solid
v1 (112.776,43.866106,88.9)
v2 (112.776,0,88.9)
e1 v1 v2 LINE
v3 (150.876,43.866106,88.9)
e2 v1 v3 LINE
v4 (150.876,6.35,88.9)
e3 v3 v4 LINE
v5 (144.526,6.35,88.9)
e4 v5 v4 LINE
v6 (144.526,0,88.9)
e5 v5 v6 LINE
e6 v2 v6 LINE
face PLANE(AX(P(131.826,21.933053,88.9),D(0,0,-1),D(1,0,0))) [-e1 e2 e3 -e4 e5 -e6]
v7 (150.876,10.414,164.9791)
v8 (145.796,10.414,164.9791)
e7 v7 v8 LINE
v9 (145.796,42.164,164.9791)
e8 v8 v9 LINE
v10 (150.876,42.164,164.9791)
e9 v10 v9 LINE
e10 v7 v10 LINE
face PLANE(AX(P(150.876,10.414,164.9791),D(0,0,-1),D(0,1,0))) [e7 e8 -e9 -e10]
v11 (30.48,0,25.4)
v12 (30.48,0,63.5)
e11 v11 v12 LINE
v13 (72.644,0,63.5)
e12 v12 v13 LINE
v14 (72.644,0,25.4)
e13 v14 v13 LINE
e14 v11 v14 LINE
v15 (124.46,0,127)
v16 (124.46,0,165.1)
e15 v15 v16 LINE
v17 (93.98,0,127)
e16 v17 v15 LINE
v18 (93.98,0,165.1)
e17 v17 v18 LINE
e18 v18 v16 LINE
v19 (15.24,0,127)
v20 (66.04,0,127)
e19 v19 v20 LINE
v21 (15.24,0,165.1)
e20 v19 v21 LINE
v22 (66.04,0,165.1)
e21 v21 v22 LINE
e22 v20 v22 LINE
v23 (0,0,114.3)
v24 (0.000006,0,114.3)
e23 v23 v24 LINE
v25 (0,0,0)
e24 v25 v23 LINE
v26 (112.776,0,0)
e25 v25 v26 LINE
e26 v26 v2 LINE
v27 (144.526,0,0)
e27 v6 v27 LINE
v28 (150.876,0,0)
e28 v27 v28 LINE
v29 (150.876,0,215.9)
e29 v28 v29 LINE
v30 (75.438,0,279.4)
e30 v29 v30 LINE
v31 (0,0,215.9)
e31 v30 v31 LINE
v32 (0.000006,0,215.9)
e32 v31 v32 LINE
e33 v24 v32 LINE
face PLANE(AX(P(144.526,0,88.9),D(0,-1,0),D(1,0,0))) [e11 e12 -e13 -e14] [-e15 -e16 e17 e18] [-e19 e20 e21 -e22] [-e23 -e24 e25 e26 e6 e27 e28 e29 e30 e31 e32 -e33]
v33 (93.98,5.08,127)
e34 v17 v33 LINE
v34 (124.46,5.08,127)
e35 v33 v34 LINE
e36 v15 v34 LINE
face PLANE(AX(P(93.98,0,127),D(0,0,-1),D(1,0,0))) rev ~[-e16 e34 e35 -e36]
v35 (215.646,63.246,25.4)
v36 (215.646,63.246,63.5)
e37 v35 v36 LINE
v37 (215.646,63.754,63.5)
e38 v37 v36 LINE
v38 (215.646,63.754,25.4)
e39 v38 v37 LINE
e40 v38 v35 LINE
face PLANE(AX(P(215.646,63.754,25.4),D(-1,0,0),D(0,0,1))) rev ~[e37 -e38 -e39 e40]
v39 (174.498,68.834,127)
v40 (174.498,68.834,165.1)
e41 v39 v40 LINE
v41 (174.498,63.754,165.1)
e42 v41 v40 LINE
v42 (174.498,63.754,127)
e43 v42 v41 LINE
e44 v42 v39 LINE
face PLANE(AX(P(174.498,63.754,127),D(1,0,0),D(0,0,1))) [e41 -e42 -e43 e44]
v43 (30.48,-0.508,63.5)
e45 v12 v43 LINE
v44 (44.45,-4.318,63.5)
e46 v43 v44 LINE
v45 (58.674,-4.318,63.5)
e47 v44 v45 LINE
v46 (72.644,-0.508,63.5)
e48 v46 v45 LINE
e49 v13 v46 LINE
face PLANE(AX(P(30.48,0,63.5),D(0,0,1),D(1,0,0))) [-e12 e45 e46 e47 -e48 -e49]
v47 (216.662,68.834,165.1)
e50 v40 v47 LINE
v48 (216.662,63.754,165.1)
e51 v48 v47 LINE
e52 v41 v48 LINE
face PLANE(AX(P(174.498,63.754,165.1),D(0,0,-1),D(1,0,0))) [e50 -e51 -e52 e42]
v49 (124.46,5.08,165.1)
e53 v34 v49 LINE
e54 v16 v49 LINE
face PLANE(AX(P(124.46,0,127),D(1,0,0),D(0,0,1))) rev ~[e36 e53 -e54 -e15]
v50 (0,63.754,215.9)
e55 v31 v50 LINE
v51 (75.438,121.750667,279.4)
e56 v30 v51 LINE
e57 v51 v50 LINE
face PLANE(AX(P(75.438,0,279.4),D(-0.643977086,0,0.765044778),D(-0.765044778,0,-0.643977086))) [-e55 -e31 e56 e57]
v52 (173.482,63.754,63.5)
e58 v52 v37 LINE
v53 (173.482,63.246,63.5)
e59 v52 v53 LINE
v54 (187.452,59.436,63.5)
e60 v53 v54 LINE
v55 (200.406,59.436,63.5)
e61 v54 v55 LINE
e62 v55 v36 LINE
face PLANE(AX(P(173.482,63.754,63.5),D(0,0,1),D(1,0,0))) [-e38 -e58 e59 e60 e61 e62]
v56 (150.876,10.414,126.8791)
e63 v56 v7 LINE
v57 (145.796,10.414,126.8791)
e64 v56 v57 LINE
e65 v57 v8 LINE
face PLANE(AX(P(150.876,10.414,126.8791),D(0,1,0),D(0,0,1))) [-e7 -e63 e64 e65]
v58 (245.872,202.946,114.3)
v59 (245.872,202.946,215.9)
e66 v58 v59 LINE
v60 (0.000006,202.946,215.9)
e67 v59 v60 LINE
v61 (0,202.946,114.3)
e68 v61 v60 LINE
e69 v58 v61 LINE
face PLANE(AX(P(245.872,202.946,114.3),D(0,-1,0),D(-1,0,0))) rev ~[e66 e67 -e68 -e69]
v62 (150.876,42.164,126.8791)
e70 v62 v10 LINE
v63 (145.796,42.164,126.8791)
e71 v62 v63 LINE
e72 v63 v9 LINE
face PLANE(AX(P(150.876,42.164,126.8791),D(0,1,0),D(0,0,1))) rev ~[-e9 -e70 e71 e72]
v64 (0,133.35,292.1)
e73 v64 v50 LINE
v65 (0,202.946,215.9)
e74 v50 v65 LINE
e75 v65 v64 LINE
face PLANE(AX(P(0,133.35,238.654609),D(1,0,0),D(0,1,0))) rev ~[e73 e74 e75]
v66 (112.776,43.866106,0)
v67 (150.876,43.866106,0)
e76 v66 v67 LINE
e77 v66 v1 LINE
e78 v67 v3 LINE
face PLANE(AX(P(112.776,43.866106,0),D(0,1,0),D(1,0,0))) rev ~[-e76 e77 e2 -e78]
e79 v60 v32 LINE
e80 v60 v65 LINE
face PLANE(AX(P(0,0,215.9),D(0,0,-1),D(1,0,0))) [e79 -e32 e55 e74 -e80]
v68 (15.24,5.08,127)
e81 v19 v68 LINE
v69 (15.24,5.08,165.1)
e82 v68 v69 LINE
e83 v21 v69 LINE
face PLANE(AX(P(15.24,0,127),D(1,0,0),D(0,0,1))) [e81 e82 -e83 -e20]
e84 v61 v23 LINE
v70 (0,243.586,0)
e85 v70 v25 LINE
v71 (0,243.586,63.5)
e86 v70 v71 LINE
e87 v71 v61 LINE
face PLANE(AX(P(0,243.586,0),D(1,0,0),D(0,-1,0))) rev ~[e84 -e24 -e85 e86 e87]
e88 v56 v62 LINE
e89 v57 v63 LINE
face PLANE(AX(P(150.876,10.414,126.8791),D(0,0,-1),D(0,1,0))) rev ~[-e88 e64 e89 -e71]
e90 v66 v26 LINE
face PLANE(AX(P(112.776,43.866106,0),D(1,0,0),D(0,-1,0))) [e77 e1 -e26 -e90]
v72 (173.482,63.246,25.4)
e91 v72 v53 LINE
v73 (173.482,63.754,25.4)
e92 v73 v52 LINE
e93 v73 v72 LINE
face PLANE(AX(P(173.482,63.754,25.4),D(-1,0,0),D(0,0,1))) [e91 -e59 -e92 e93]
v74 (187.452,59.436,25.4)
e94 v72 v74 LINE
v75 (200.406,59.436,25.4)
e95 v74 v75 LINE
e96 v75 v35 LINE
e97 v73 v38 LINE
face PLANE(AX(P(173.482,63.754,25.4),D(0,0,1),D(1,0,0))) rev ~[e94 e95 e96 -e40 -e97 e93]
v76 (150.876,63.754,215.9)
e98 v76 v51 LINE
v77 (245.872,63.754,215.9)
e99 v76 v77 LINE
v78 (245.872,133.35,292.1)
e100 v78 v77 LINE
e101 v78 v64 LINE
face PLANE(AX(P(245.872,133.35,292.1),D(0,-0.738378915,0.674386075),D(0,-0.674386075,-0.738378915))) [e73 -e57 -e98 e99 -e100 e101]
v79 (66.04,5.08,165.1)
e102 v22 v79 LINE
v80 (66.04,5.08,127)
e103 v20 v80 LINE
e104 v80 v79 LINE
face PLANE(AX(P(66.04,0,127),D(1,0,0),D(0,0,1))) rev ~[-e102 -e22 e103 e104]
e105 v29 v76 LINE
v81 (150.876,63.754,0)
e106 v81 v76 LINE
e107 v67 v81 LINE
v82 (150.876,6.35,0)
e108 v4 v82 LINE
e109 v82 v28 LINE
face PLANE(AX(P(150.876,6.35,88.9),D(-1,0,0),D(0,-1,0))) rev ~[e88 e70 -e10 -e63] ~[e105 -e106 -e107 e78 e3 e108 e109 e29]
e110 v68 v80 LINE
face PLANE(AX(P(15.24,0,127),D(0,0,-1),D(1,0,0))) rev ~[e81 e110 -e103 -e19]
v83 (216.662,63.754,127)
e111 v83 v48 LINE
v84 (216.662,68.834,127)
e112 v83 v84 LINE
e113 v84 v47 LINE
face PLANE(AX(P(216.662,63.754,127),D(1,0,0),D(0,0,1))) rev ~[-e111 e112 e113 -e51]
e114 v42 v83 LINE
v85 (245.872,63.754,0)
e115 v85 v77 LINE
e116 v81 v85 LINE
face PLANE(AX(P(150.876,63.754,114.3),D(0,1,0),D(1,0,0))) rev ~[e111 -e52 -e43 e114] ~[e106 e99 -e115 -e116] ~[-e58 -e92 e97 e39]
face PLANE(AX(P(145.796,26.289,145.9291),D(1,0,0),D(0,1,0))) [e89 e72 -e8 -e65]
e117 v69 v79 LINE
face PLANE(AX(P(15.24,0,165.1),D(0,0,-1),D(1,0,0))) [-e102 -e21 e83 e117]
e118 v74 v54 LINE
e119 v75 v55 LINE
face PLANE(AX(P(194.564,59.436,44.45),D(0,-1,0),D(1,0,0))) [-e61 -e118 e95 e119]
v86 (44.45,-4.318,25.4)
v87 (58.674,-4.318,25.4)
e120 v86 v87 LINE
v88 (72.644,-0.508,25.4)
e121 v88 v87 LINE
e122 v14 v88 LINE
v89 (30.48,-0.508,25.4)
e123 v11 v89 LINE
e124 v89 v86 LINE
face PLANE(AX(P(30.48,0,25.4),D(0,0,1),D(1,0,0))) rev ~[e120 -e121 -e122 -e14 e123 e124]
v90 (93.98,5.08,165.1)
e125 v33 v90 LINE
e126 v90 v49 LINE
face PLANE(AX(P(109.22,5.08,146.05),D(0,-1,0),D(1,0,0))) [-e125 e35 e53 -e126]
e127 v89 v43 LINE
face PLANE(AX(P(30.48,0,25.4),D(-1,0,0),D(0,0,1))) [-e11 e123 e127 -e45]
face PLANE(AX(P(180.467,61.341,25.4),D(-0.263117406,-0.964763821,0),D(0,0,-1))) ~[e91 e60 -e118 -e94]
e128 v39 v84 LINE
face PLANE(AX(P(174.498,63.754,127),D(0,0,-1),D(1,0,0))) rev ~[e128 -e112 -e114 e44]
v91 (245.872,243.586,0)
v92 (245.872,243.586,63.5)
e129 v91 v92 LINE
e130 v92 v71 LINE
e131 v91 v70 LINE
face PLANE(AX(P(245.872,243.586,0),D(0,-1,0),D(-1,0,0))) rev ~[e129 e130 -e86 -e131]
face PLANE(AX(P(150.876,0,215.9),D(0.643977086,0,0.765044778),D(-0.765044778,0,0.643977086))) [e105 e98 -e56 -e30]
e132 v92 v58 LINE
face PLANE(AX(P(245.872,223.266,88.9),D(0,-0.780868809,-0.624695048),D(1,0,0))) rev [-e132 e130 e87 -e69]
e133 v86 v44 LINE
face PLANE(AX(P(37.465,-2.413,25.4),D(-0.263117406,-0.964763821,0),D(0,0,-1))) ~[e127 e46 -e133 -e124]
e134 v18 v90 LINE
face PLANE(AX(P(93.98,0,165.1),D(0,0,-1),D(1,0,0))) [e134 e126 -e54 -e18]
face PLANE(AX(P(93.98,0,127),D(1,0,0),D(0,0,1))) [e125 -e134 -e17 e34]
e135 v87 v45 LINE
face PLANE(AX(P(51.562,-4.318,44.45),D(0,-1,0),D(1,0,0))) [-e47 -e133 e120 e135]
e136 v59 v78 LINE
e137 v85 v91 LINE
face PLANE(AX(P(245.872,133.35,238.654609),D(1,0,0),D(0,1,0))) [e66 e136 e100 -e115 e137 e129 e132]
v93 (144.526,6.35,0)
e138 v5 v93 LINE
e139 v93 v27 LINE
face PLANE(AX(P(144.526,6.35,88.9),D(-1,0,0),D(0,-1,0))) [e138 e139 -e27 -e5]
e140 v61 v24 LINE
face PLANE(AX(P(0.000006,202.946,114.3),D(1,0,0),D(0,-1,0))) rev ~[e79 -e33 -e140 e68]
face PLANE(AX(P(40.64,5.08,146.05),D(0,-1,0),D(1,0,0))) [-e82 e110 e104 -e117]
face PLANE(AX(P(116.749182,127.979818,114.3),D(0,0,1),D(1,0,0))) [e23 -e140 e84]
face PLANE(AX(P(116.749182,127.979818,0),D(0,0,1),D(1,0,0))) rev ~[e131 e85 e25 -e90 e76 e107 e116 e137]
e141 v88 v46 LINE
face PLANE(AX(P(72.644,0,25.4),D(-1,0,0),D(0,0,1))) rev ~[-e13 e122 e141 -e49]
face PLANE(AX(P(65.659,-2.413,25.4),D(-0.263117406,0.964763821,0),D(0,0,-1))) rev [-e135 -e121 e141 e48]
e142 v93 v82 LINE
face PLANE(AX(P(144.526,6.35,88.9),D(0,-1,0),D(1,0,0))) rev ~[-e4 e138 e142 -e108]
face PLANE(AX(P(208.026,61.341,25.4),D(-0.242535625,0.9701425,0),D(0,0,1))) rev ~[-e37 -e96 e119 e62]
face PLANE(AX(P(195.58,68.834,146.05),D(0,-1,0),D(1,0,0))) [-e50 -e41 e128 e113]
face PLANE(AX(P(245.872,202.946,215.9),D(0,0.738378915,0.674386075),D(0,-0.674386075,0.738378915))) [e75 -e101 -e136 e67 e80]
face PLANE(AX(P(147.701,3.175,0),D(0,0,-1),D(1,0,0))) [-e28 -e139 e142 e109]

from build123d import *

# Parameters (mm, degrees)
F0_W      = 3.81
F0_H      = 6.35
F0_W_2    = 91.186
F0_H_2    = 125.476
F0_H_3    = 35.306
F0_W_3    = 52.324
F0_W_4    = 82.042
F0_W_5    = 85.852
F0_H_4    = 42.418
F0_H_5    = 143.002
F0_H_6    = 3.81
F1_DEPTH  = 114.3
F2_SIZE2  = 40.64
F2_SIZE   = 50.8
F4_DEPTH  = 101.6
F6_DEPTH  = 245.872
F8_DEPTH  = 133.35
F9_W      = 38.1
F9_H      = 43.866105608
F10_DEPTH = 88.9
F11_W     = 6.35
F11_H     = 6.35
F12_DEPTH = 88.9
F13_W     = 42.164
F13_H     = 38.1
F14_DEPTH = 4.318
F15_SIZE2 = 3.81
F15_SIZE  = 15.24
F16_SIZE2 = 13.97
F16_SIZE  = 3.81
F17_DEPTH = 5.08
F18_W     = 42.164
F18_H     = 38.1
F19_DEPTH = 4.318
F20_SIZE2 = 13.97
F20_SIZE  = 3.81
F21_SIZE2 = 13.97
F21_SIZE  = 3.81
F18_W_2   = 50.8
F22_DEPTH = 5.08
F18_W_3   = 30.48
F23_DEPTH = 5.08
F24_W     = 31.75
F24_H     = 38.1
F25_DEPTH = 5.08


with BuildPart() as f1:
    # F0 (on Top) → F1 (new body)
    with BuildSketch(Plane.XY):
        Polygon((150.876, 63.754), (245.872, 63.754), (245.872, 243.586), (0, 243.586), (0, 0), (150.876, 0), align=None)
        Polygon((6.35, 201.93), (6.35, 237.236), (88.392, 237.236), (92.202, 237.236), (144.526, 237.236), (148.336, 237.236), (239.522, 237.236), (239.522, 201.93), (239.522, 195.58), (239.522, 70.104), (148.336, 70.104), (144.526, 70.104), (144.526, 6.35), (96.012, 6.35), (92.202, 6.35), (6.35, 6.35), (6.35, 149.352), (6.35, 153.162), (6.35, 195.58), align=None, mode=Mode.SUBTRACT)
        with Locations((146.431, 198.755)):
            Rectangle(F0_W, F0_H)
        with Locations((193.929, 132.842)):
            Rectangle(F0_W_2, F0_H_2)
        with Locations((193.929, 219.583)):
            Rectangle(F0_W_2, F0_H_3)
        with Locations((118.364, 219.583)):
            Rectangle(F0_W_3, F0_H_3)
        with Locations((47.371, 219.583)):
            Rectangle(F0_W_4, F0_H_3)
        with Locations((49.276, 174.371)):
            Rectangle(F0_W_5, F0_H_4)
        Polygon((144.526, 195.58), (96.012, 195.58), (96.012, 6.35), (144.526, 6.35), (144.526, 70.104), align=None)
        with Locations((146.431, 132.842)):
            Rectangle(F0_W, F0_H_2)
        with Locations((49.276, 77.851)):
            Rectangle(F0_W_5, F0_H_5)
        Polygon((96.012, 195.58), (92.202, 195.58), (92.202, 153.162), (92.202, 149.352), (92.202, 6.35), (96.012, 6.35), align=None)
        with Locations((49.276, 151.257)):
            Rectangle(F0_W_5, F0_H_6)
        with Locations((193.929, 198.755)):
            Rectangle(F0_W_2, F0_H)
        Polygon((88.392, 201.93), (6.35, 201.93), (6.35, 195.58), (92.202, 195.58), (96.012, 195.58), (144.526, 195.58), (144.526, 201.93), (92.202, 201.93), align=None)
        with Locations((146.431, 219.583)):
            Rectangle(F0_W, F0_H_3)
        with Locations((90.297, 219.583)):
            Rectangle(F0_W, F0_H_3)
    extrude(amount=F1_DEPTH)

    # F2
    f2_edges = [f1.edges().sort_by_distance(p)[0] for p in [
        (122.936, 243.586, 114.3),
    ]]
    f2_side = f1.faces().sort_by_distance((122.936, 243.586, 57.15))[0]
    chamfer(f2_edges, length=F2_SIZE, length2=F2_SIZE2, reference=f2_side)

    # F3 (on face) → F4 (join)
    with BuildSketch(Plane.XY.offset(114.3)):
        Polygon((5.8203e-06, 0), (150.876, 0), (150.876, 63.754), (245.872, 63.754), (245.872, 202.946), (5.8203e-06, 202.946), align=None)
    extrude(amount=F4_DEPTH)

    # F5 (on face) → F6 (join, through all)
    with BuildSketch(Plane.YZ.offset(245.872)):
        Polygon((133.35, 292.1), (63.754, 215.9), (202.946, 215.9), align=None)
    extrude(amount=-F6_DEPTH)

    # F7 (on face) → F8 (join, through all)
    with BuildSketch(Plane.XZ):
        Polygon((75.438, 279.4), (0, 215.9), (150.876, 215.9), align=None)
    extrude(amount=-F8_DEPTH)

    # F9 (on face) → F10 (cut)
    with BuildSketch(Plane(origin=(0, 0, 0), x_dir=(1, 0, 0), z_dir=(0, 0, -1))):
        with Locations((131.826, -21.933052804)):
            Rectangle(F9_W, F9_H)
    extrude(amount=-F10_DEPTH, mode=Mode.SUBTRACT)

    # F11 (on face) → F12 (join, through all)
    with BuildSketch(Plane(origin=(0, 0, 88.9), x_dir=(1, 0, 0), z_dir=(0, 0, -1))):
        with Locations((147.701, -3.175)):
            Rectangle(F11_W, F11_H)
    extrude(amount=F12_DEPTH)

    # F13 (on face) → F14 (join)
    with BuildSketch(Plane.XZ.offset(-63.754)):
        with Locations((194.564, 44.45)):
            Rectangle(F13_W, F13_H)
    extrude(amount=F14_DEPTH)

    # F15
    f15_edges = [f1.edges().sort_by_distance(p)[0] for p in [
        (215.646, 59.436, 44.45),
    ]]
    f15_side = f1.faces().sort_by_distance((194.564, 59.436, 44.45))[0]
    chamfer(f15_edges, length=F15_SIZE, length2=F15_SIZE2, reference=f15_side)

    # F16
    f16_edges = [f1.edges().sort_by_distance(p)[0] for p in [
        (173.482, 59.436, 44.45),
    ]]
    f16_side = f1.faces().sort_by_distance((173.482, 61.595, 44.45))[0]
    chamfer(f16_edges, length=F16_SIZE, length2=F16_SIZE2, reference=f16_side)

    # F13 (on face) → F17 (cut)
    with BuildSketch(Plane.XZ.offset(-63.754)):
        with Locations((195.58, 146.05)):
            Rectangle(F13_W, F13_H)
    extrude(amount=-F17_DEPTH, mode=Mode.SUBTRACT)

    # F18 (on face) → F19 (join)
    with BuildSketch(Plane.XZ):
        with Locations((51.562, 44.45)):
            Rectangle(F18_W, F18_H)
    extrude(amount=F19_DEPTH)

    # F20
    f20_edges = [f1.edges().sort_by_distance(p)[0] for p in [
        (72.644, -4.318, 44.45),
    ]]
    f20_side = f1.faces().sort_by_distance((72.644, -2.159, 44.45))[0]
    chamfer(f20_edges, length=F20_SIZE, length2=F20_SIZE2, reference=f20_side)

    # F21
    f21_edges = [f1.edges().sort_by_distance(p)[0] for p in [
        (30.48, -4.318, 44.45),
    ]]
    f21_side = f1.faces().sort_by_distance((30.48, -2.159, 44.45))[0]
    chamfer(f21_edges, length=F21_SIZE, length2=F21_SIZE2, reference=f21_side)

    # F18 (on face) → F22 (cut)
    with BuildSketch(Plane.XZ):
        with Locations((40.64, 146.05)):
            Rectangle(F18_W_2, F18_H)
    extrude(amount=-F22_DEPTH, mode=Mode.SUBTRACT)

    # F18 (on face) → F23 (cut)
    with BuildSketch(Plane.XZ):
        with Locations((109.22, 146.05)):
            Rectangle(F18_W_3, F18_H)
    extrude(amount=-F23_DEPTH, mode=Mode.SUBTRACT)

    # F24 (on face) → F25 (cut)
    with BuildSketch(Plane.YZ.offset(150.876)):
        with Locations((26.289, 145.9290999826)):
            Rectangle(F24_W, F24_H)
    extrude(amount=-F25_DEPTH, mode=Mode.SUBTRACT)


solid = f1.part
